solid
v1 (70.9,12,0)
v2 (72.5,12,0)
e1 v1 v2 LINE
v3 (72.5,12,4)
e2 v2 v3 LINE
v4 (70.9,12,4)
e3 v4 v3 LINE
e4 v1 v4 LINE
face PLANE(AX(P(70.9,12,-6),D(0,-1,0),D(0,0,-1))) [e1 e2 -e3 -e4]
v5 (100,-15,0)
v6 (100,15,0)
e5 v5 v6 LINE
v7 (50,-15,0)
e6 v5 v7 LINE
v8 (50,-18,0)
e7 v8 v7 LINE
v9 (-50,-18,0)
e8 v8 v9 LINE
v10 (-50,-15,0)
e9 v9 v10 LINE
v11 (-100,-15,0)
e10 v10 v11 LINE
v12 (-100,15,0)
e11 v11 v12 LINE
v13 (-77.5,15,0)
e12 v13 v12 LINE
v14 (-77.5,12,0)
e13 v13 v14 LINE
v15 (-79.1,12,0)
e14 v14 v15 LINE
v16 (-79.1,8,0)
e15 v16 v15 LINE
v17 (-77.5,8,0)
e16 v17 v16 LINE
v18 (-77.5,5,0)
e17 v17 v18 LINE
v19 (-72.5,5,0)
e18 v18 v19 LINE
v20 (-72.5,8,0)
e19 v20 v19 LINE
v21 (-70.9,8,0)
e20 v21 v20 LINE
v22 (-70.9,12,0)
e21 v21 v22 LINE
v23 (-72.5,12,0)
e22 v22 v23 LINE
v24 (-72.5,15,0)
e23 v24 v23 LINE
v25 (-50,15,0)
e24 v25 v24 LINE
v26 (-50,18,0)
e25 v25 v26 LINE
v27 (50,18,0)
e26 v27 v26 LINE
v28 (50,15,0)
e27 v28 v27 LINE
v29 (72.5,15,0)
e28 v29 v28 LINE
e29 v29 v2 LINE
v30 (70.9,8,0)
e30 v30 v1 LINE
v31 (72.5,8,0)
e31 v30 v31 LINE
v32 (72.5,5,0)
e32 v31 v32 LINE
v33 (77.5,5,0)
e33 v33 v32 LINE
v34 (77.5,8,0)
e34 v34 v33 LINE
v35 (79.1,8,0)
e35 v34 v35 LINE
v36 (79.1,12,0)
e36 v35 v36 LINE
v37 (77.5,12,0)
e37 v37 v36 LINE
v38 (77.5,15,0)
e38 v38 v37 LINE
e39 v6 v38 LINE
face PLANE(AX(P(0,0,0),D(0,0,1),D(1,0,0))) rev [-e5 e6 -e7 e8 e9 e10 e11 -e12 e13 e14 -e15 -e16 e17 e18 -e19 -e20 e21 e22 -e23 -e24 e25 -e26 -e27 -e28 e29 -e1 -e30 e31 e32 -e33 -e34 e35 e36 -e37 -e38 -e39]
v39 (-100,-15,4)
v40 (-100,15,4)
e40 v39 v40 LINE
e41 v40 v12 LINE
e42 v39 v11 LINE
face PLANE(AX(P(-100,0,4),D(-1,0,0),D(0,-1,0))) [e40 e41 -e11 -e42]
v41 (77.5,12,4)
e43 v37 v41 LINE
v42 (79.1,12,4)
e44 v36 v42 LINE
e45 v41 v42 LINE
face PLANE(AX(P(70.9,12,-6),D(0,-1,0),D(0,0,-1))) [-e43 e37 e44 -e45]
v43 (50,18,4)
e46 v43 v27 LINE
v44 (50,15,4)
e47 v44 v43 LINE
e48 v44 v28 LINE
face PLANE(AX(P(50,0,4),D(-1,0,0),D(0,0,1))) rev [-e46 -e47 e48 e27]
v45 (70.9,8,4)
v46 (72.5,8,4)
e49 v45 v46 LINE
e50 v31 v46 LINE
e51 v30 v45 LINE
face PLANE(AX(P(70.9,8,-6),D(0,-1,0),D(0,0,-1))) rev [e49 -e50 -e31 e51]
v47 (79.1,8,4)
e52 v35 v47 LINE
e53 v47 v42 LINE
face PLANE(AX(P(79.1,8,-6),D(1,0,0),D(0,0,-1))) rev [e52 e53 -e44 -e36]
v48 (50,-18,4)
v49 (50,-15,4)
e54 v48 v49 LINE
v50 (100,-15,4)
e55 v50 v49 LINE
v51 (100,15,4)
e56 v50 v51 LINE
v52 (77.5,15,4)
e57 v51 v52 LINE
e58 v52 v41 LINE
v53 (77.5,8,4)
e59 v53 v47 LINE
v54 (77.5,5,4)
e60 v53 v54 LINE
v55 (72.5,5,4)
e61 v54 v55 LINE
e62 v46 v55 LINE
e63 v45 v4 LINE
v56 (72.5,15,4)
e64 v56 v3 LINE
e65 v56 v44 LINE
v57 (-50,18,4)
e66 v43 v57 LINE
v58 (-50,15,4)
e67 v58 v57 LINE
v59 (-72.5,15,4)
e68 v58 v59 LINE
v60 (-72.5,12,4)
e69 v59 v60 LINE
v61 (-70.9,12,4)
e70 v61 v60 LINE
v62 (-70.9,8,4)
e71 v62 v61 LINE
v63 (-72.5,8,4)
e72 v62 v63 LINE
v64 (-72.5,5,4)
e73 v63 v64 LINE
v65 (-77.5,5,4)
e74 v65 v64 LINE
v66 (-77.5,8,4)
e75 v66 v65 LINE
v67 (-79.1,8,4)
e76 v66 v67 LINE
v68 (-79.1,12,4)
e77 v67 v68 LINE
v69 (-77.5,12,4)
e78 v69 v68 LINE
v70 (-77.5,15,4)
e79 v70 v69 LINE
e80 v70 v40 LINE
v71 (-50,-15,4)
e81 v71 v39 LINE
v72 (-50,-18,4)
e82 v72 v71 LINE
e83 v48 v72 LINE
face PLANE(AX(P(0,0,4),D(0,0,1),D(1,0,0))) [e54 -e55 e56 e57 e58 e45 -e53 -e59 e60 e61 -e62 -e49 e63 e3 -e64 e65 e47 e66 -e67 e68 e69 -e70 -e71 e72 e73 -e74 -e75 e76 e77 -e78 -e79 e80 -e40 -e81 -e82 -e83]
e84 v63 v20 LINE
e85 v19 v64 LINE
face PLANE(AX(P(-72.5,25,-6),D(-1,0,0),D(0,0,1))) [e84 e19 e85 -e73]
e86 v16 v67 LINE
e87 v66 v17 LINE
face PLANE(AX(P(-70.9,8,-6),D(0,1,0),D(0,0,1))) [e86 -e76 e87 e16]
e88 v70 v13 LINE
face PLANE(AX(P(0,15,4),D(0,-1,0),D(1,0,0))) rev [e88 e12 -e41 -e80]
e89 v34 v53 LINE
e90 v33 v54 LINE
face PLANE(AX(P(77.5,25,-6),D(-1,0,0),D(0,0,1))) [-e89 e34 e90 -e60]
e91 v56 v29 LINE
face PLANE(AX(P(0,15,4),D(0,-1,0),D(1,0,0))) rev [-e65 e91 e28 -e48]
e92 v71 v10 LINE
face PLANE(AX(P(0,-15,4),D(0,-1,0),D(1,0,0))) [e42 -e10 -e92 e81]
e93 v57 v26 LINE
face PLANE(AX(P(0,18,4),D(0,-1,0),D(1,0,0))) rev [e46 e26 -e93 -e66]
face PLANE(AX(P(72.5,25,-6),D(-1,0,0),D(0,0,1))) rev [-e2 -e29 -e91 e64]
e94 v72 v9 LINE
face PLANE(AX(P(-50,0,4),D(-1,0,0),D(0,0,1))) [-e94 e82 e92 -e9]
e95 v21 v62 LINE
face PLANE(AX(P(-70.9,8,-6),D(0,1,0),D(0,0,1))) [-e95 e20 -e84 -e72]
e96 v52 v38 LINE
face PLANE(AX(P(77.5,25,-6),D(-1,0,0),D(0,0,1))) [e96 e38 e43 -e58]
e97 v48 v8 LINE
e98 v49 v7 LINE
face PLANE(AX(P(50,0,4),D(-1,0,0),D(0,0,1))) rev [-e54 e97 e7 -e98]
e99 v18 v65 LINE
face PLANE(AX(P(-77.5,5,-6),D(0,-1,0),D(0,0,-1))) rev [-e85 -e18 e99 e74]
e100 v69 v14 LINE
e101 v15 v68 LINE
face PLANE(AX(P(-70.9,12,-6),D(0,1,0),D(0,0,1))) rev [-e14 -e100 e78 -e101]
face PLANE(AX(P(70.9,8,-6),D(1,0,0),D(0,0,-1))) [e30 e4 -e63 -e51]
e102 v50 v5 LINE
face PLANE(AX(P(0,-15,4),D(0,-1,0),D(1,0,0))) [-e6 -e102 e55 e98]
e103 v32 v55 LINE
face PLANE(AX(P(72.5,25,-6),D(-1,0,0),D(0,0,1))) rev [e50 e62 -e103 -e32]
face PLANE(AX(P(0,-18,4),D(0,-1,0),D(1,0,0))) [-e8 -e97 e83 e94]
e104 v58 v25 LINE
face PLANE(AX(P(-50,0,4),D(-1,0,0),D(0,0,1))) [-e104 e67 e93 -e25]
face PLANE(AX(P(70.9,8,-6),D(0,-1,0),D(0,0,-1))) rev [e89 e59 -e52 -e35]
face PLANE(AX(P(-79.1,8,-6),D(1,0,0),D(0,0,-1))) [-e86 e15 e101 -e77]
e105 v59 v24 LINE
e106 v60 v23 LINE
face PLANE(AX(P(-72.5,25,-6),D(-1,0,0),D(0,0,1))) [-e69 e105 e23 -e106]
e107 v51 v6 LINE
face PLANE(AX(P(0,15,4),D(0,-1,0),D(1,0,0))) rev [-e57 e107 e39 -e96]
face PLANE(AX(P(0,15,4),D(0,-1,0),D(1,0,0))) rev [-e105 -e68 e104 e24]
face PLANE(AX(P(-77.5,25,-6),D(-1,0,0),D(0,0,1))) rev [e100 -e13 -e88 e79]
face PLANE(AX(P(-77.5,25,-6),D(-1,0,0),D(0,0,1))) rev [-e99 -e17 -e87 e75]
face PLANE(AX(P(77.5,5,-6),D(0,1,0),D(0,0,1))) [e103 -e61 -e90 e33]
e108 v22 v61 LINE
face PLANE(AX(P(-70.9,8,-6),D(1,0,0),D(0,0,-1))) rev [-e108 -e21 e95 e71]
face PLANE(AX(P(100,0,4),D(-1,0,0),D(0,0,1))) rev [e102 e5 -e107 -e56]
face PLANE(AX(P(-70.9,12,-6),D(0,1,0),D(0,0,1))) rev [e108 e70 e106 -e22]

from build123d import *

# Parameters (mm, degrees)
SKETCH1_W           = 200
SKETCH1_H           = 30
SKETCH1_W_2         = 100
SKETCH1_H_2         = 6
BOSS_EXTRUDE1_DEPTH = 4
SKETCH2_W           = 5
SKETCH2_H           = 20
SKETCH2_W_2         = 8.2
SKETCH2_H_2         = 4
CUT_EXTRUDE1_DEPTH  = 10


with BuildPart() as part:
    # Sketch1 → Boss-Extrude1 (new body)
    with BuildSketch(Plane.XY):
        Rectangle(SKETCH1_W, SKETCH1_H)
        with Locations((0, -15)):
            Rectangle(SKETCH1_W_2, SKETCH1_H_2)
        with Locations((0, 15)):
            Rectangle(SKETCH1_W_2, SKETCH1_H_2)
    extrude(amount=BOSS_EXTRUDE1_DEPTH)

    # Sketch2 → Cut-Extrude1 (cut)
    with BuildSketch(Plane.XY.offset(4)):
        with Locations((-75, 15)):
            Rectangle(SKETCH2_W, SKETCH2_H)
        with Locations((-75, 10)):
            Rectangle(SKETCH2_W_2, SKETCH2_H_2)
    cut_extrude1 = extrude(amount=-CUT_EXTRUDE1_DEPTH, mode=Mode.SUBTRACT)

    # Mirror1: Cut-Extrude1 across plane
    add(cut_extrude1.mirror(Plane(origin=(0, 0, 0), x_dir=(0, 0, 1), z_dir=(1, 0, 0))), mode=Mode.SUBTRACT)


solid = part.part
